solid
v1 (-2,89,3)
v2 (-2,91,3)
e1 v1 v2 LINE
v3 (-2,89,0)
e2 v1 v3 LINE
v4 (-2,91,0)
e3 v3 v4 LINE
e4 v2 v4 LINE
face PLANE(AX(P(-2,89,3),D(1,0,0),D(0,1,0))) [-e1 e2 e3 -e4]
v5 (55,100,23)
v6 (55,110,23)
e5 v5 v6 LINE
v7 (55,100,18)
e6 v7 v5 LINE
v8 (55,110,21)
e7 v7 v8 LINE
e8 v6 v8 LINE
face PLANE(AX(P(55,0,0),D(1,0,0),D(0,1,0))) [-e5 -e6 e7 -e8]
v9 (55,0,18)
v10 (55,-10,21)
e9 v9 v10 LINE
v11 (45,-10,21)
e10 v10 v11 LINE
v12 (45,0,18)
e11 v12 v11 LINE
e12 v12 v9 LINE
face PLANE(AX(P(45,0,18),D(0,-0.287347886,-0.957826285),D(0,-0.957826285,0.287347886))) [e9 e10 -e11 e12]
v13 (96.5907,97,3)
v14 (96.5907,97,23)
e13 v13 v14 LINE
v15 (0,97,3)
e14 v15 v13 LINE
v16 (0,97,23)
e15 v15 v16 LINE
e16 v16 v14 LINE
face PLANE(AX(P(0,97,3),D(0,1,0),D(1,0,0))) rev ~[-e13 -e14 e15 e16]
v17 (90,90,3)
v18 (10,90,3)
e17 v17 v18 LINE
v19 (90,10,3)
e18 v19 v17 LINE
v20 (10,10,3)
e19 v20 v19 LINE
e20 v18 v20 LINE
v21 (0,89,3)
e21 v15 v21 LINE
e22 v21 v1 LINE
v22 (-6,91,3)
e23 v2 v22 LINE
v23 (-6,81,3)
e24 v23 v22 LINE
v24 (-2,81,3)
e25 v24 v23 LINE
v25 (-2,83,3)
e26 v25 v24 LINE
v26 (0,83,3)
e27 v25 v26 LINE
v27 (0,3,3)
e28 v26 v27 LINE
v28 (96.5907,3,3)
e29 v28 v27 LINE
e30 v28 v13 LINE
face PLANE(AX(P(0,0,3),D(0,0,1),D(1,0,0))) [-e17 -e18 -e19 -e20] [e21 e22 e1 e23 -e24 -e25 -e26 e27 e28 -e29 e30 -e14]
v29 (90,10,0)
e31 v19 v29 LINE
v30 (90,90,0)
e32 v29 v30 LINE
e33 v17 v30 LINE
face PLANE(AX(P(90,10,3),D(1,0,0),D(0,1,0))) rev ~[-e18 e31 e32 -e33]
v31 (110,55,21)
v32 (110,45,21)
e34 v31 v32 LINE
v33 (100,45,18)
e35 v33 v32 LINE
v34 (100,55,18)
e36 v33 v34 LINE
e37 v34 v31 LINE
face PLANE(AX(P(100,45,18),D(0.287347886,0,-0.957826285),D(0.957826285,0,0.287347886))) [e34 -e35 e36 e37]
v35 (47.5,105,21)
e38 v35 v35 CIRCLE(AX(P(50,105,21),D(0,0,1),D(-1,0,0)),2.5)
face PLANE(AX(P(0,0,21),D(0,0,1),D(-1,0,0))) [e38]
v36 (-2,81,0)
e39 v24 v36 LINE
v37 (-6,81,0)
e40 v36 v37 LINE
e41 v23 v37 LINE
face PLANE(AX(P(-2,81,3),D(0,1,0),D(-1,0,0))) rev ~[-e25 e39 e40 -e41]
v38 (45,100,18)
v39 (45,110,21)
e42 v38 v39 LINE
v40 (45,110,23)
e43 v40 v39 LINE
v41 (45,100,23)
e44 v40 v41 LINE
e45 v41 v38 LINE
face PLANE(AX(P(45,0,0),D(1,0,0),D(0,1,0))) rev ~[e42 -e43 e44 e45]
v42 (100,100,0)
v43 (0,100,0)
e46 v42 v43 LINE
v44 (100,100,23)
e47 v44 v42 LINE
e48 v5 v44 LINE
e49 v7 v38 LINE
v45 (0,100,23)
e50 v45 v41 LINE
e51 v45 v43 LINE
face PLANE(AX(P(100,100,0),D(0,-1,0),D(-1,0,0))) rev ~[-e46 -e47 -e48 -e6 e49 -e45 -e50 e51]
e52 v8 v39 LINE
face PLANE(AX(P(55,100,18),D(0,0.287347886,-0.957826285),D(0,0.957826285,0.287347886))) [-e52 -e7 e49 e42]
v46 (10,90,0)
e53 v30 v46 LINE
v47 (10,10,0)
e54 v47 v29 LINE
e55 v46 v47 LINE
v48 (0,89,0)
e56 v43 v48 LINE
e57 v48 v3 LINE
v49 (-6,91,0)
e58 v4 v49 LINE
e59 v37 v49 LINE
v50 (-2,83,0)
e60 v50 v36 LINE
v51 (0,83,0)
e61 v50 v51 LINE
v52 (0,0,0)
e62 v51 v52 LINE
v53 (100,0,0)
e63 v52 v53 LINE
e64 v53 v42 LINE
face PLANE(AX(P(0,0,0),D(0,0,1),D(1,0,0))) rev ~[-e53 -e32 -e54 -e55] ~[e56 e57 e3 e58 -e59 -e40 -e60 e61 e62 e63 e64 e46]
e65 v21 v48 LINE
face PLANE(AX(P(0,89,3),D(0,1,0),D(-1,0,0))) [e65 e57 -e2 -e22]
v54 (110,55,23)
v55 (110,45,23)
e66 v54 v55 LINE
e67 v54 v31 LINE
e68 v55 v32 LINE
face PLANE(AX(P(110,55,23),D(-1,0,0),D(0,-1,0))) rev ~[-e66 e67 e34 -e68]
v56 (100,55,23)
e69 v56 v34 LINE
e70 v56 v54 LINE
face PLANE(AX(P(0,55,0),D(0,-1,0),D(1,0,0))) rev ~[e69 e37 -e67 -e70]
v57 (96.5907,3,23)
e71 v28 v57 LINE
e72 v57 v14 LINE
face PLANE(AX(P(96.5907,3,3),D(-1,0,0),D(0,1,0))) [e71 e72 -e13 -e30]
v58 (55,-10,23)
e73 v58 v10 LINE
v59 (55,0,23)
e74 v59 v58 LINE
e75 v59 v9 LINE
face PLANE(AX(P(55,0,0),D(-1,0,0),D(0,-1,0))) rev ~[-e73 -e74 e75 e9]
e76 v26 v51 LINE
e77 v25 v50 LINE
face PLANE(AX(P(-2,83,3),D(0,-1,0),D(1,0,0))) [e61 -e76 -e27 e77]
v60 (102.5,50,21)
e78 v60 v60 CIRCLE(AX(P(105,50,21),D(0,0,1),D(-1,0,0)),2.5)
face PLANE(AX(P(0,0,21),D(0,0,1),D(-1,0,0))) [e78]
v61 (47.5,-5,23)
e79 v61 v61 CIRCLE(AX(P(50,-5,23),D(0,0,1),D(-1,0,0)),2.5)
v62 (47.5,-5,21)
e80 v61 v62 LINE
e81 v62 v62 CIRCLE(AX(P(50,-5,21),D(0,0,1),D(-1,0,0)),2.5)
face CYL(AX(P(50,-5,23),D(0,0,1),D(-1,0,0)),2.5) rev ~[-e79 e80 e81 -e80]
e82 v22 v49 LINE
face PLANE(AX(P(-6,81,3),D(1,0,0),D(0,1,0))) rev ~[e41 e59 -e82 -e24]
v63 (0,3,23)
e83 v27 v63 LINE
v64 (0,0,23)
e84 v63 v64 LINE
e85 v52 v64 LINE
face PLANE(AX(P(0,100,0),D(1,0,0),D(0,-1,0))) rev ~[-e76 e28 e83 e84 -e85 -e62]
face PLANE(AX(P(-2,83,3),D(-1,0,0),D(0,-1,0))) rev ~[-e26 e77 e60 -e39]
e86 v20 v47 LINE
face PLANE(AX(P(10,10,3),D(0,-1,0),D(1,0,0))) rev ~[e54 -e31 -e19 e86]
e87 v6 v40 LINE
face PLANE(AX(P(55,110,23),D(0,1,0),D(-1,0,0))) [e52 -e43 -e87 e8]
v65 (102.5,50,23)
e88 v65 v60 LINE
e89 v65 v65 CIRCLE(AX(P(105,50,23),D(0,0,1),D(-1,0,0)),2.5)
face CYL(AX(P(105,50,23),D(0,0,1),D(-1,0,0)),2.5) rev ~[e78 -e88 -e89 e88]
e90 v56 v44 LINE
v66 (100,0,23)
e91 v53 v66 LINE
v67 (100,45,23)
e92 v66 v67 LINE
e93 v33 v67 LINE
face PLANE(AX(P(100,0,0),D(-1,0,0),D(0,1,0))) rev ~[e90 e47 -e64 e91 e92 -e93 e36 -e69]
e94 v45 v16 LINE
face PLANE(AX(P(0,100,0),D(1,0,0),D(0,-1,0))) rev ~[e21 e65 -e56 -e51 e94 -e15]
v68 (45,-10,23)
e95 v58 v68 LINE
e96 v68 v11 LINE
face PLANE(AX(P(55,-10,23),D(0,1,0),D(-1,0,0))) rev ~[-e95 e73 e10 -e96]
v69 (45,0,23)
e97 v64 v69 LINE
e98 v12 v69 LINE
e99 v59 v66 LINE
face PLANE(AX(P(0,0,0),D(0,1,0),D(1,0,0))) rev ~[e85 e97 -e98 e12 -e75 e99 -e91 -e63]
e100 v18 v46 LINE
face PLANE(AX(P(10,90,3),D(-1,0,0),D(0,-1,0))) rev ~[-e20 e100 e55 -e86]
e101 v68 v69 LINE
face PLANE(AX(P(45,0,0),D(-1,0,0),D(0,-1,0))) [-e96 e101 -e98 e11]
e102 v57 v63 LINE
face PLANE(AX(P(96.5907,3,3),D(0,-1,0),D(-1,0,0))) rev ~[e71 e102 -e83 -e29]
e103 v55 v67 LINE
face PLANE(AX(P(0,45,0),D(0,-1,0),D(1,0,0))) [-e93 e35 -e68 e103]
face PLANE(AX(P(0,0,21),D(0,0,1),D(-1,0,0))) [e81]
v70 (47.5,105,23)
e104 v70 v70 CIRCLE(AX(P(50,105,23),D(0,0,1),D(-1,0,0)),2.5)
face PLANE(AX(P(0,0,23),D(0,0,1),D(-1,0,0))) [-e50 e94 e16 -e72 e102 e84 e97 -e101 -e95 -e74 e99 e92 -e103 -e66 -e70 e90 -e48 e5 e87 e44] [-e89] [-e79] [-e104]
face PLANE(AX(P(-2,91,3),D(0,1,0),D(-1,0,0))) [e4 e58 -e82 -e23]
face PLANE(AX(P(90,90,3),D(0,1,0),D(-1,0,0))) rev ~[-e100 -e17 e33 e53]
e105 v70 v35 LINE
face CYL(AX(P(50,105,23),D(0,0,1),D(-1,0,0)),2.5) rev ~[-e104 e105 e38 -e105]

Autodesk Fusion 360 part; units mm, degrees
sketch "Szkic1" plane through (0, 0, 0) normal (0, 0, 1) x (1, 0, 0)
  line L0 (0, 0) -> (100, 0)
  line L1 (100, 0) -> (100, 100)
  line L2 (100, 100) -> (0, 100)
  line L3 (0, 100) -> (0, 0)
  dimension "d1" = 100
  dimension "d2" = 100
extrude "Wyciągnięcie proste1" add sketch "Szkic1" along normal blind 3
sketch "Szkic2" plane through (0, 0, 3) normal (0, 0, 1) x (-1, 0, 0)
  line L0 (0, -100) -> (0, 0)
  line L1 (0, 0) -> (-100, 0)
  line L2 (-100, 0) -> (-100, -100)
  line L3 (-100, -100) -> (0, -100)
  line L4 (-10, -10) -> (-90, -10)
  line L5 (-90, -10) -> (-90, -90)
  line L6 (-90, -90) -> (-10, -90)
  line L7 (-10, -90) -> (-10, -10)
extrude "Wyciągnięcie proste2" cut sketch "Szkic2" against normal blind 3 contours L4 L5 L6 L7
sketch "Szkic3" plane through (0, 0, 3) normal (0, 0, 1) x (-1, 0, 0)
  line L0 (-90, -10) -> (-10, -10)
  line L1 (-10, -10) -> (-10, -90)
  line L2 (-10, -90) -> (-90, -90)
  line L3 (-90, -90) -> (-90, -10)
  line L4 (0, -100) -> (0, 0)
  line L5 (0, 0) -> (-100, 0)
  line L6 (-100, 0) -> (-100, -100)
  line L7 (-100, -100) -> (0, -100)
  line L8 (0, 0) -> (-100, 0)
  line L9 (-100, 0) -> (-100, -3)
  line L10 (-100, -3) -> (0, -3)
  line L11 (0, -3) -> (0, 0)
  line L12 (-100, -3) -> (-96.5907, -3)
  line L13 (-96.5907, -3) -> (-96.5907, -100)
  line L14 (-96.5907, -100) -> (-100, -100)
  line L15 (-100, -100) -> (-100, -3)
  line L16 (-96.5907, -100) -> (0, -100)
  line L17 (0, -100) -> (0, -97)
  line L18 (0, -97) -> (-96.5907, -97)
  line L19 (-96.5907, -97) -> (-96.5907, -100)
extrude "Wyciągnięcie proste3" add sketch "Szkic3" along normal blind 20 contours L4 L7 L13 L16 L17 L18 L19 | L6 L7 L10 L12 L13 L14 L15 L19 | L4 L5 L6 L8 L9 L10 L11 L12
sketch "Szkic4" plane through (0, 0, 3) normal (0, 0, 1) x (-1, 0, 0)
  line L0 (0, -3) -> (-96.5907, -3)
  line L1 (-96.5907, -3) -> (-96.5907, -97)
  line L2 (-96.5907, -97) -> (0, -97)
  line L3 (0, -97) -> (0, -3)
  line L4 (-90, -10) -> (-10, -10)
  line L5 (-10, -10) -> (-10, -90)
  line L6 (-10, -90) -> (-90, -90)
  line L7 (-90, -90) -> (-90, -10)
  line L8 (0, -97) -> (0, -89)
  line L9 (0, -89) -> (2, -89)
  line L10 (2, -89) -> (2, -91)
  line L11 (2, -91) -> (6, -91)
  line L12 (0, -89) -> (0, -83)
  line L13 (2, -83) -> (2, -81)
  line L14 (2, -81) -> (6, -81)
  line L15 (6, -81) -> (6, -91)
  line L16 (2, -83) -> (0, -83)
  line L17 (0, -83) -> (0, -89.2495)
extrude "Wyciągnięcie proste4" add sketch "Szkic4" against normal blind 3 contours L3 L9 L10 L11 L12 L13 L14 L15 L16 L17
sketch "Szkic5" plane through (0, 0, 23) normal (0, 0, 1) x (-1, 0, 0)
  line L0 (-100, -100) -> (0, -100)
  line L1 (0, -100) -> (0, -97)
  line L2 (0, -97) -> (-96.5907, -97)
  line L3 (-96.5907, -97) -> (-96.5907, -3)
  line L4 (-96.5907, -3) -> (0, -3)
  line L5 (0, -3) -> (0, 0)
  line L6 (0, 0) -> (-100, 0)
  line L7 (-100, 0) -> (-100, -100)
  line L8 (-45, -100) -> (-55, -100)
  line L9 (-55, -100) -> (-55, -110)
  line L10 (-55, -110) -> (-45, -110)
  line L11 (-45, -110) -> (-45, -100)
  line L12 (-100, -55) -> (-110, -55)
  line L13 (-110, -55) -> (-110, -45)
  line L14 (-110, -45) -> (-100, -45)
  line L15 (-100, -45) -> (-100, -55)
  line L16 (-45, 0) -> (-55, 0)
  line L17 (-55, 0) -> (-55, 10)
  line L18 (-55, 10) -> (-45, 10)
  line L19 (-45, 10) -> (-45, 0)
extrude "Wyciągnięcie proste5" add sketch "Szkic5" against normal blind 2 contours L0 L8 L9 L10 L11 | L7 L12 L13 L14 L15 | L6 L16 L17 L18 L19
sketch "Szkic6" plane through (45, 0, 0) normal (-1, 0, 0) x (0, -1, 0)
  line L0 (10, 23) -> (0, 23)
  line L1 (0, 23) -> (0, 21)
  line L2 (0, 21) -> (10, 21)
  line L3 (10, 21) -> (10, 23)
  line L4 (0, 21) -> (0, 18)
  line L5 (0, 18) -> (10, 21)
  line L6 (0, 21) -> (10, 21)
extrude "Wyciągnięcie proste6" add sketch "Szkic6" against normal blind 10 contours L2 L4 L5 L6
sketch "Szkic7" plane through (0, 45, 0) normal (0, -1, 0) x (1, 0, 0)
  line L0 (110, 23) -> (100, 23)
  line L1 (100, 23) -> (100, 21)
  line L2 (100, 21) -> (110, 21)
  line L3 (110, 21) -> (110, 23)
  line L4 (100, 21) -> (100, 18)
  line L5 (100, 18) -> (110, 21)
  line L6 (100, 21) -> (110, 21)
extrude "Wyciągnięcie proste7" add sketch "Szkic7" against normal blind 10 contours L2 L4 L5 L6
sketch "Szkic8" plane through (55, 0, 0) normal (1, 0, 0) x (0, 1, 0)
  line L0 (110, 23) -> (100, 23)
  line L1 (100, 23) -> (100, 21)
  line L2 (100, 21) -> (110, 21)
  line L3 (110, 21) -> (110, 23)
  line L4 (100, 21) -> (100, 18)
  line L5 (100, 18) -> (110, 21)
  line L6 (100, 21) -> (110, 21)
extrude "Wyciągnięcie proste8" add sketch "Szkic8" against normal blind 10 contours L2 L4 L5 L6
sketch "Szkic9" plane through (0, 0, 23) normal (0, 0, 1) x (-1, 0, 0)
  line L0 (-100, -100) -> (-55, -100)
  line L1 (-55, -100) -> (-55, -110)
  line L2 (-55, -110) -> (-45, -110)
  line L3 (-45, -110) -> (-45, -100)
  line L4 (-45, -100) -> (0, -100)
  line L5 (0, -100) -> (0, -97)
  line L6 (0, -97) -> (-96.5907, -97)
  line L7 (-96.5907, -97) -> (-96.5907, -3)
  line L8 (-96.5907, -3) -> (0, -3)
  line L9 (0, -3) -> (0, 0)
  line L10 (0, 0) -> (-45, 0)
  line L11 (-45, 0) -> (-45, 10)
  line L12 (-45, 10) -> (-55, 10)
  line L13 (-55, 10) -> (-55, 0)
  line L14 (-55, 0) -> (-100, 0)
  line L15 (-100, 0) -> (-100, -45)
  line L16 (-100, -45) -> (-110, -45)
  line L17 (-110, -45) -> (-110, -55)
  line L18 (-110, -55) -> (-100, -55)
  line L19 (-100, -55) -> (-100, -100)
  circle A0 centre (-50, 5) radius 2.5
  circle A1 centre (-105, -50) radius 2.5
  circle A2 centre (-50, -105) radius 2.5
  dimension "d19" = 5
  dimension "d20" = 5
  dimension "d21" = 5
extrude "Wyciągnięcie proste9" cut sketch "Szkic9" against normal blind 2 contours A0 | A1 | A2
